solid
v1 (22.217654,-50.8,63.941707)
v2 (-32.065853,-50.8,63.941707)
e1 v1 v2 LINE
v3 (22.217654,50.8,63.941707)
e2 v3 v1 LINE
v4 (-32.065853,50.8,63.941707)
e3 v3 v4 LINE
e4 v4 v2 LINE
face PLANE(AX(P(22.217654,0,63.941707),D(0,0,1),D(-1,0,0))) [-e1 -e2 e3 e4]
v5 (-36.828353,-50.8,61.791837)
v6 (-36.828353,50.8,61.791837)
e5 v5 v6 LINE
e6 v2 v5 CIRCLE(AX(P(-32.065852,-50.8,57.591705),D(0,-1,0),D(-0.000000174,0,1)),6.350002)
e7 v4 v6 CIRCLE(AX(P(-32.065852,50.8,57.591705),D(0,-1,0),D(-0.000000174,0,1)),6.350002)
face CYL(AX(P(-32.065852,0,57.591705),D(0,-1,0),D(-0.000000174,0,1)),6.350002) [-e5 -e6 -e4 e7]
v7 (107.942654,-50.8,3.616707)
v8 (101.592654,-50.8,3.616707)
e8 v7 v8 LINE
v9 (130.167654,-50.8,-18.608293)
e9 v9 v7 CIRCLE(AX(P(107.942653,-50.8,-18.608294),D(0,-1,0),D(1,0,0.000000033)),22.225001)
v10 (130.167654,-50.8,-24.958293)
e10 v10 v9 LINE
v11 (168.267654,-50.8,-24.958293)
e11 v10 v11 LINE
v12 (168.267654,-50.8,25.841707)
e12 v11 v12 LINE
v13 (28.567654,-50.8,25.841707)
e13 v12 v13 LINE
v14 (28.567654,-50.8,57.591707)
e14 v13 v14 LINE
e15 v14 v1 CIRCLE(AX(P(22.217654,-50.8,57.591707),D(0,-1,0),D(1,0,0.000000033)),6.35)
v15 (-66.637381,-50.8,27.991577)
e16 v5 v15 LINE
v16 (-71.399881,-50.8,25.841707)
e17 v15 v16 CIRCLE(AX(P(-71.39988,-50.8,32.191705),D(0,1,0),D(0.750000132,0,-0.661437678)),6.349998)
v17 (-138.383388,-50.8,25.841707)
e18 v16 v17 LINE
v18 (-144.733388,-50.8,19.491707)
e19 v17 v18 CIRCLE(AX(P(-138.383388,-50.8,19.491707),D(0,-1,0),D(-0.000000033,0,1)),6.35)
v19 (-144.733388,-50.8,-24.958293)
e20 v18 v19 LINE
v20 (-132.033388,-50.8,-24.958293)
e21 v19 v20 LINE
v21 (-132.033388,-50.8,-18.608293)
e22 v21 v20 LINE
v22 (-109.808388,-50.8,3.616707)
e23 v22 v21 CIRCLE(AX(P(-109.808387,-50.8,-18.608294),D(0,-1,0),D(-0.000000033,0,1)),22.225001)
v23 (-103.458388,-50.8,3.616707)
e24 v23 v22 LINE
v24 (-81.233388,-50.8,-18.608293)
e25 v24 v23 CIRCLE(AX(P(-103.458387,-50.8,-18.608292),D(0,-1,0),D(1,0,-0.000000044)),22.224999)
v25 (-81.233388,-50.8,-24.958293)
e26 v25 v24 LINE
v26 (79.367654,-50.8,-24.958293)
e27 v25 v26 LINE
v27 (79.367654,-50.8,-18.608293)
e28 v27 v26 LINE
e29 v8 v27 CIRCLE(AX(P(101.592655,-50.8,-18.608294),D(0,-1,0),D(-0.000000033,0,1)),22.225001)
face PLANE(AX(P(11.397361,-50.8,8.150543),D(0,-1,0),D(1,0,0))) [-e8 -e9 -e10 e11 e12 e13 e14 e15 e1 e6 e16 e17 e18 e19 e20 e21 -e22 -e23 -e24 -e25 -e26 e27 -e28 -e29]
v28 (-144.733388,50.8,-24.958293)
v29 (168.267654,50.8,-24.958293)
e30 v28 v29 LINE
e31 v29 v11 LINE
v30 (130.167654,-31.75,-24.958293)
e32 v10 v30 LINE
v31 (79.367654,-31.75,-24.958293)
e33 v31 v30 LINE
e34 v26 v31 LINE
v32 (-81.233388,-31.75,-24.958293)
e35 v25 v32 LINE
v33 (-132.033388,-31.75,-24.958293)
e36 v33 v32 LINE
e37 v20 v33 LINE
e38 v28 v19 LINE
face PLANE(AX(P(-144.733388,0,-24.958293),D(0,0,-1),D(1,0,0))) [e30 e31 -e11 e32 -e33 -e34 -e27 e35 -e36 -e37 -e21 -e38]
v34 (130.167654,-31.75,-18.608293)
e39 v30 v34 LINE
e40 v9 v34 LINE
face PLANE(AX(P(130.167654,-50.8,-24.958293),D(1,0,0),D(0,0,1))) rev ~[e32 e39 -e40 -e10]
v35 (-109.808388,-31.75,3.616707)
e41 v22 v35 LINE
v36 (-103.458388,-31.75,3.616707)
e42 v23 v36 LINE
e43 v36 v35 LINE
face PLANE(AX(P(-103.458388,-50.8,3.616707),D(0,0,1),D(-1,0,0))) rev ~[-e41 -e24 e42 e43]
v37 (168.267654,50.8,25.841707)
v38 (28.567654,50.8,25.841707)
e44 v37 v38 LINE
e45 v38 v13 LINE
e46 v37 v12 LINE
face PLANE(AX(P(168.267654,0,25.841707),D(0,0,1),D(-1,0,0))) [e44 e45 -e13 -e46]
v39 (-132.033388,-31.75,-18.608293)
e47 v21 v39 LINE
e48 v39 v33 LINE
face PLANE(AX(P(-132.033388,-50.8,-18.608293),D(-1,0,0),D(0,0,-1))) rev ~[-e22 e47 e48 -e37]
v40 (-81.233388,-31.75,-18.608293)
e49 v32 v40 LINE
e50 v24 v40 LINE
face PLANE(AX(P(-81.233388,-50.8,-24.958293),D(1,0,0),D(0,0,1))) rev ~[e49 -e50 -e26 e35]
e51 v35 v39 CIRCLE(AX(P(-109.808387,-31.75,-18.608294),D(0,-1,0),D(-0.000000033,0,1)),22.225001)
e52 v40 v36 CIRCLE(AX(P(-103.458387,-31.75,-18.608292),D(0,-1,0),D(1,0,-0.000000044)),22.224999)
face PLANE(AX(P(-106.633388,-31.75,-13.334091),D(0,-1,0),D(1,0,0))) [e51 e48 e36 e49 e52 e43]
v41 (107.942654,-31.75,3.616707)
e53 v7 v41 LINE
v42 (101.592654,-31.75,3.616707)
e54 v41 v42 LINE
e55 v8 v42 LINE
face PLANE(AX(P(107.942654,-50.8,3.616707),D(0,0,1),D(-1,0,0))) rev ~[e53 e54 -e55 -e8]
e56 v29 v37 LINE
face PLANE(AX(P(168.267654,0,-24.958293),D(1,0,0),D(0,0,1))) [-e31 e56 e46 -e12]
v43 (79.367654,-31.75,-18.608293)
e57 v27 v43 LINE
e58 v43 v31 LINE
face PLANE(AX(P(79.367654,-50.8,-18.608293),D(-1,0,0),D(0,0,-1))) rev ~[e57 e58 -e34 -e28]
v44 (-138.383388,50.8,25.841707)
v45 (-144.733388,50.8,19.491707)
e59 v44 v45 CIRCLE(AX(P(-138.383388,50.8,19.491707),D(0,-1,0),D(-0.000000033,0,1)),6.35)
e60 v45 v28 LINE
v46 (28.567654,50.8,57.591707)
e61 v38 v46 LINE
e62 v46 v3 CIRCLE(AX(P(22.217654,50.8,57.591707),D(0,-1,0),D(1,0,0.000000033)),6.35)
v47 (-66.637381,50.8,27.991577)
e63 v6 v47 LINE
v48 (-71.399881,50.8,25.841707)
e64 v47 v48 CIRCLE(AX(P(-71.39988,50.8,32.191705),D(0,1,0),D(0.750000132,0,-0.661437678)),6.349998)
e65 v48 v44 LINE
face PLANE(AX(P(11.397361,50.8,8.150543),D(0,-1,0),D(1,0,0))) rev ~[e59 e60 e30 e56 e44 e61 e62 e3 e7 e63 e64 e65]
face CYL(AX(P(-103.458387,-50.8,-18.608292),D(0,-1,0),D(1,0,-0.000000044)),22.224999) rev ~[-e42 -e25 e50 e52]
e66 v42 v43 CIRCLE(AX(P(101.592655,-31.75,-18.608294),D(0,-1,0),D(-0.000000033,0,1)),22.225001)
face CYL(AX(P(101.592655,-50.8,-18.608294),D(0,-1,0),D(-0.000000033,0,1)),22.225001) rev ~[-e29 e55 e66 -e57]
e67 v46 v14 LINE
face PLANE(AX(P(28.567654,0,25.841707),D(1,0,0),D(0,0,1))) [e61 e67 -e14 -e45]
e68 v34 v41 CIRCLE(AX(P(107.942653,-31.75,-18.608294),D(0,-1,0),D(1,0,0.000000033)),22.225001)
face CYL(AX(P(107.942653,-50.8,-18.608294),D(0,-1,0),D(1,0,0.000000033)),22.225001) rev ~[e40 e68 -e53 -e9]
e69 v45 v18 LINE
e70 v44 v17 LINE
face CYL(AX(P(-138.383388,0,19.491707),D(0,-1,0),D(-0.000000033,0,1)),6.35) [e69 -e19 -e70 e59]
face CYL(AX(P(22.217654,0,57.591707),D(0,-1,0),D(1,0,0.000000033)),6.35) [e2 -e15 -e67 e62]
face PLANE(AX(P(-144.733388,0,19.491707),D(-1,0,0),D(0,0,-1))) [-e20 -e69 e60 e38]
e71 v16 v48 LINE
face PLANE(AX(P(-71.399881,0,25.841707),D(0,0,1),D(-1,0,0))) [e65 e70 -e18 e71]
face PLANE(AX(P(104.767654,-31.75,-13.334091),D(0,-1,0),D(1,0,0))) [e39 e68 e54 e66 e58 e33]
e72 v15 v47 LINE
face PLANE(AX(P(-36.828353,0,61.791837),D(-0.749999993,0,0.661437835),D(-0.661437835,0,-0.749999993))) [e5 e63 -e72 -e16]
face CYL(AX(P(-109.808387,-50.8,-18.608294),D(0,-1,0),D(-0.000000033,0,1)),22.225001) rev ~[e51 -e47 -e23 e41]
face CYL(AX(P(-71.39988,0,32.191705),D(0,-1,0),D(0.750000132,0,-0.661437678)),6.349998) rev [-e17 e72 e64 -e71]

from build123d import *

# Parameters (mm, degrees)
F1_DEPTH = 50.8
F3_DEPTH = 19.05


with BuildPart() as f1:
    # F0 (on Front) → F1 (new body, symmetric)
    with BuildSketch(Plane.XZ):
        with BuildLine():
            Line((-71.399881, 25.841707), (-138.383388, 25.841707))
            ThreePointArc((-138.383388, 25.841707), (-142.873516, 23.981835), (-144.733388, 19.491707))
            Line((-144.733388, 19.491707), (-144.733388, -24.958293))
            Line((-144.733388, -24.958293), (-119.333388, -24.958293))
            Line((-119.333388, -24.958293), (-119.333388, -18.608293))
            ThreePointArc((-119.333388, -18.608293), (-112.823836, -2.892845), (-97.108388, 3.616707))
            Line((-97.108388, 3.616707), (-90.758388, 3.616707))
            ThreePointArc((-90.758388, 3.616707), (-75.042939, -2.892845), (-68.533388, -18.608293))
            Line((-68.533388, -18.608293), (-68.533388, -24.958293))
            Line((-68.533388, -24.958293), (83.866612, -24.958293))
            Line((83.866612, -24.958293), (83.866612, -18.608293))
            ThreePointArc((83.866612, -18.608293), (90.376164, -2.892845), (106.091612, 3.616707))
            Line((106.091612, 3.616707), (112.441612, 3.616707))
            ThreePointArc((112.441612, 3.616707), (128.157061, -2.892845), (134.666612, -18.608293))
            Line((134.666612, -18.608293), (134.666612, -24.958293))
            Line((134.666612, -24.958293), (168.267654, -24.958293))
            Line((168.267654, -24.958293), (168.267654, 25.841707))
            Line((168.267654, 25.841707), (28.567654, 25.841707))
            Line((28.567654, 25.841707), (28.567654, 57.591707))
            ThreePointArc((28.567654, 57.591707), (26.707782, 62.081835), (22.217654, 63.941707))
            Line((22.217654, 63.941707), (-32.065853, 63.941707))
            ThreePointArc((-32.065853, 63.941707), (-34.678483, 63.379337), (-36.828353, 61.791837))
            Line((-36.828353, 61.791837), (-66.637381, 27.991577))
            ThreePointArc((-66.637381, 27.991577), (-68.78725, 26.404077), (-71.399881, 25.841707))
        make_face()
        with BuildLine():
            Line((-119.333388, -18.608293), (-119.333388, -24.958293))
            Line((-119.333388, -24.958293), (-68.533388, -24.958293))
            Line((-68.533388, -24.958293), (-68.533388, -18.608293))
            ThreePointArc((-68.533388, -18.608293), (-75.042939, -2.892845), (-90.758388, 3.616707))
            Line((-90.758388, 3.616707), (-97.108388, 3.616707))
            ThreePointArc((-97.108388, 3.616707), (-112.823836, -2.892845), (-119.333388, -18.608293))
        make_face()
        with BuildLine():
            Line((83.866612, -18.608293), (83.866612, -24.958293))
            Line((83.866612, -24.958293), (134.666612, -24.958293))
            Line((134.666612, -24.958293), (134.666612, -18.608293))
            ThreePointArc((134.666612, -18.608293), (128.157061, -2.892845), (112.441612, 3.616707))
            Line((112.441612, 3.616707), (106.091612, 3.616707))
            ThreePointArc((106.091612, 3.616707), (90.376164, -2.892845), (83.866612, -18.608293))
        make_face()
    extrude(amount=F1_DEPTH, both=True)

    # F2 (on face) → F3 (cut)
    with BuildSketch(Plane.XZ.offset(50.8)):
        with BuildLine():
            Line((-132.033388, -18.608293), (-132.033388, -24.958293))
            Line((-132.033388, -24.958293), (-81.233388, -24.958293))
            Line((-81.233388, -24.958293), (-81.233388, -18.608293))
            ThreePointArc((-81.233388, -18.608293), (-87.742939, -2.892845), (-103.458388, 3.616707))
            Line((-103.458388, 3.616707), (-109.808388, 3.616707))
            ThreePointArc((-109.808388, 3.616707), (-125.523836, -2.892845), (-132.033388, -18.608293))
        make_face()
        with BuildLine():
            Line((79.367654, -18.608293), (79.367654, -24.958293))
            Line((79.367654, -24.958293), (130.167654, -24.958293))
            Line((130.167654, -24.958293), (130.167654, -18.608293))
            ThreePointArc((130.167654, -18.608293), (123.658102, -2.892845), (107.942654, 3.616707))
            Line((107.942654, 3.616707), (101.592654, 3.616707))
            ThreePointArc((101.592654, 3.616707), (85.877206, -2.892845), (79.367654, -18.608293))
        make_face()
    extrude(amount=-F3_DEPTH, mode=Mode.SUBTRACT)


solid = f1.part
